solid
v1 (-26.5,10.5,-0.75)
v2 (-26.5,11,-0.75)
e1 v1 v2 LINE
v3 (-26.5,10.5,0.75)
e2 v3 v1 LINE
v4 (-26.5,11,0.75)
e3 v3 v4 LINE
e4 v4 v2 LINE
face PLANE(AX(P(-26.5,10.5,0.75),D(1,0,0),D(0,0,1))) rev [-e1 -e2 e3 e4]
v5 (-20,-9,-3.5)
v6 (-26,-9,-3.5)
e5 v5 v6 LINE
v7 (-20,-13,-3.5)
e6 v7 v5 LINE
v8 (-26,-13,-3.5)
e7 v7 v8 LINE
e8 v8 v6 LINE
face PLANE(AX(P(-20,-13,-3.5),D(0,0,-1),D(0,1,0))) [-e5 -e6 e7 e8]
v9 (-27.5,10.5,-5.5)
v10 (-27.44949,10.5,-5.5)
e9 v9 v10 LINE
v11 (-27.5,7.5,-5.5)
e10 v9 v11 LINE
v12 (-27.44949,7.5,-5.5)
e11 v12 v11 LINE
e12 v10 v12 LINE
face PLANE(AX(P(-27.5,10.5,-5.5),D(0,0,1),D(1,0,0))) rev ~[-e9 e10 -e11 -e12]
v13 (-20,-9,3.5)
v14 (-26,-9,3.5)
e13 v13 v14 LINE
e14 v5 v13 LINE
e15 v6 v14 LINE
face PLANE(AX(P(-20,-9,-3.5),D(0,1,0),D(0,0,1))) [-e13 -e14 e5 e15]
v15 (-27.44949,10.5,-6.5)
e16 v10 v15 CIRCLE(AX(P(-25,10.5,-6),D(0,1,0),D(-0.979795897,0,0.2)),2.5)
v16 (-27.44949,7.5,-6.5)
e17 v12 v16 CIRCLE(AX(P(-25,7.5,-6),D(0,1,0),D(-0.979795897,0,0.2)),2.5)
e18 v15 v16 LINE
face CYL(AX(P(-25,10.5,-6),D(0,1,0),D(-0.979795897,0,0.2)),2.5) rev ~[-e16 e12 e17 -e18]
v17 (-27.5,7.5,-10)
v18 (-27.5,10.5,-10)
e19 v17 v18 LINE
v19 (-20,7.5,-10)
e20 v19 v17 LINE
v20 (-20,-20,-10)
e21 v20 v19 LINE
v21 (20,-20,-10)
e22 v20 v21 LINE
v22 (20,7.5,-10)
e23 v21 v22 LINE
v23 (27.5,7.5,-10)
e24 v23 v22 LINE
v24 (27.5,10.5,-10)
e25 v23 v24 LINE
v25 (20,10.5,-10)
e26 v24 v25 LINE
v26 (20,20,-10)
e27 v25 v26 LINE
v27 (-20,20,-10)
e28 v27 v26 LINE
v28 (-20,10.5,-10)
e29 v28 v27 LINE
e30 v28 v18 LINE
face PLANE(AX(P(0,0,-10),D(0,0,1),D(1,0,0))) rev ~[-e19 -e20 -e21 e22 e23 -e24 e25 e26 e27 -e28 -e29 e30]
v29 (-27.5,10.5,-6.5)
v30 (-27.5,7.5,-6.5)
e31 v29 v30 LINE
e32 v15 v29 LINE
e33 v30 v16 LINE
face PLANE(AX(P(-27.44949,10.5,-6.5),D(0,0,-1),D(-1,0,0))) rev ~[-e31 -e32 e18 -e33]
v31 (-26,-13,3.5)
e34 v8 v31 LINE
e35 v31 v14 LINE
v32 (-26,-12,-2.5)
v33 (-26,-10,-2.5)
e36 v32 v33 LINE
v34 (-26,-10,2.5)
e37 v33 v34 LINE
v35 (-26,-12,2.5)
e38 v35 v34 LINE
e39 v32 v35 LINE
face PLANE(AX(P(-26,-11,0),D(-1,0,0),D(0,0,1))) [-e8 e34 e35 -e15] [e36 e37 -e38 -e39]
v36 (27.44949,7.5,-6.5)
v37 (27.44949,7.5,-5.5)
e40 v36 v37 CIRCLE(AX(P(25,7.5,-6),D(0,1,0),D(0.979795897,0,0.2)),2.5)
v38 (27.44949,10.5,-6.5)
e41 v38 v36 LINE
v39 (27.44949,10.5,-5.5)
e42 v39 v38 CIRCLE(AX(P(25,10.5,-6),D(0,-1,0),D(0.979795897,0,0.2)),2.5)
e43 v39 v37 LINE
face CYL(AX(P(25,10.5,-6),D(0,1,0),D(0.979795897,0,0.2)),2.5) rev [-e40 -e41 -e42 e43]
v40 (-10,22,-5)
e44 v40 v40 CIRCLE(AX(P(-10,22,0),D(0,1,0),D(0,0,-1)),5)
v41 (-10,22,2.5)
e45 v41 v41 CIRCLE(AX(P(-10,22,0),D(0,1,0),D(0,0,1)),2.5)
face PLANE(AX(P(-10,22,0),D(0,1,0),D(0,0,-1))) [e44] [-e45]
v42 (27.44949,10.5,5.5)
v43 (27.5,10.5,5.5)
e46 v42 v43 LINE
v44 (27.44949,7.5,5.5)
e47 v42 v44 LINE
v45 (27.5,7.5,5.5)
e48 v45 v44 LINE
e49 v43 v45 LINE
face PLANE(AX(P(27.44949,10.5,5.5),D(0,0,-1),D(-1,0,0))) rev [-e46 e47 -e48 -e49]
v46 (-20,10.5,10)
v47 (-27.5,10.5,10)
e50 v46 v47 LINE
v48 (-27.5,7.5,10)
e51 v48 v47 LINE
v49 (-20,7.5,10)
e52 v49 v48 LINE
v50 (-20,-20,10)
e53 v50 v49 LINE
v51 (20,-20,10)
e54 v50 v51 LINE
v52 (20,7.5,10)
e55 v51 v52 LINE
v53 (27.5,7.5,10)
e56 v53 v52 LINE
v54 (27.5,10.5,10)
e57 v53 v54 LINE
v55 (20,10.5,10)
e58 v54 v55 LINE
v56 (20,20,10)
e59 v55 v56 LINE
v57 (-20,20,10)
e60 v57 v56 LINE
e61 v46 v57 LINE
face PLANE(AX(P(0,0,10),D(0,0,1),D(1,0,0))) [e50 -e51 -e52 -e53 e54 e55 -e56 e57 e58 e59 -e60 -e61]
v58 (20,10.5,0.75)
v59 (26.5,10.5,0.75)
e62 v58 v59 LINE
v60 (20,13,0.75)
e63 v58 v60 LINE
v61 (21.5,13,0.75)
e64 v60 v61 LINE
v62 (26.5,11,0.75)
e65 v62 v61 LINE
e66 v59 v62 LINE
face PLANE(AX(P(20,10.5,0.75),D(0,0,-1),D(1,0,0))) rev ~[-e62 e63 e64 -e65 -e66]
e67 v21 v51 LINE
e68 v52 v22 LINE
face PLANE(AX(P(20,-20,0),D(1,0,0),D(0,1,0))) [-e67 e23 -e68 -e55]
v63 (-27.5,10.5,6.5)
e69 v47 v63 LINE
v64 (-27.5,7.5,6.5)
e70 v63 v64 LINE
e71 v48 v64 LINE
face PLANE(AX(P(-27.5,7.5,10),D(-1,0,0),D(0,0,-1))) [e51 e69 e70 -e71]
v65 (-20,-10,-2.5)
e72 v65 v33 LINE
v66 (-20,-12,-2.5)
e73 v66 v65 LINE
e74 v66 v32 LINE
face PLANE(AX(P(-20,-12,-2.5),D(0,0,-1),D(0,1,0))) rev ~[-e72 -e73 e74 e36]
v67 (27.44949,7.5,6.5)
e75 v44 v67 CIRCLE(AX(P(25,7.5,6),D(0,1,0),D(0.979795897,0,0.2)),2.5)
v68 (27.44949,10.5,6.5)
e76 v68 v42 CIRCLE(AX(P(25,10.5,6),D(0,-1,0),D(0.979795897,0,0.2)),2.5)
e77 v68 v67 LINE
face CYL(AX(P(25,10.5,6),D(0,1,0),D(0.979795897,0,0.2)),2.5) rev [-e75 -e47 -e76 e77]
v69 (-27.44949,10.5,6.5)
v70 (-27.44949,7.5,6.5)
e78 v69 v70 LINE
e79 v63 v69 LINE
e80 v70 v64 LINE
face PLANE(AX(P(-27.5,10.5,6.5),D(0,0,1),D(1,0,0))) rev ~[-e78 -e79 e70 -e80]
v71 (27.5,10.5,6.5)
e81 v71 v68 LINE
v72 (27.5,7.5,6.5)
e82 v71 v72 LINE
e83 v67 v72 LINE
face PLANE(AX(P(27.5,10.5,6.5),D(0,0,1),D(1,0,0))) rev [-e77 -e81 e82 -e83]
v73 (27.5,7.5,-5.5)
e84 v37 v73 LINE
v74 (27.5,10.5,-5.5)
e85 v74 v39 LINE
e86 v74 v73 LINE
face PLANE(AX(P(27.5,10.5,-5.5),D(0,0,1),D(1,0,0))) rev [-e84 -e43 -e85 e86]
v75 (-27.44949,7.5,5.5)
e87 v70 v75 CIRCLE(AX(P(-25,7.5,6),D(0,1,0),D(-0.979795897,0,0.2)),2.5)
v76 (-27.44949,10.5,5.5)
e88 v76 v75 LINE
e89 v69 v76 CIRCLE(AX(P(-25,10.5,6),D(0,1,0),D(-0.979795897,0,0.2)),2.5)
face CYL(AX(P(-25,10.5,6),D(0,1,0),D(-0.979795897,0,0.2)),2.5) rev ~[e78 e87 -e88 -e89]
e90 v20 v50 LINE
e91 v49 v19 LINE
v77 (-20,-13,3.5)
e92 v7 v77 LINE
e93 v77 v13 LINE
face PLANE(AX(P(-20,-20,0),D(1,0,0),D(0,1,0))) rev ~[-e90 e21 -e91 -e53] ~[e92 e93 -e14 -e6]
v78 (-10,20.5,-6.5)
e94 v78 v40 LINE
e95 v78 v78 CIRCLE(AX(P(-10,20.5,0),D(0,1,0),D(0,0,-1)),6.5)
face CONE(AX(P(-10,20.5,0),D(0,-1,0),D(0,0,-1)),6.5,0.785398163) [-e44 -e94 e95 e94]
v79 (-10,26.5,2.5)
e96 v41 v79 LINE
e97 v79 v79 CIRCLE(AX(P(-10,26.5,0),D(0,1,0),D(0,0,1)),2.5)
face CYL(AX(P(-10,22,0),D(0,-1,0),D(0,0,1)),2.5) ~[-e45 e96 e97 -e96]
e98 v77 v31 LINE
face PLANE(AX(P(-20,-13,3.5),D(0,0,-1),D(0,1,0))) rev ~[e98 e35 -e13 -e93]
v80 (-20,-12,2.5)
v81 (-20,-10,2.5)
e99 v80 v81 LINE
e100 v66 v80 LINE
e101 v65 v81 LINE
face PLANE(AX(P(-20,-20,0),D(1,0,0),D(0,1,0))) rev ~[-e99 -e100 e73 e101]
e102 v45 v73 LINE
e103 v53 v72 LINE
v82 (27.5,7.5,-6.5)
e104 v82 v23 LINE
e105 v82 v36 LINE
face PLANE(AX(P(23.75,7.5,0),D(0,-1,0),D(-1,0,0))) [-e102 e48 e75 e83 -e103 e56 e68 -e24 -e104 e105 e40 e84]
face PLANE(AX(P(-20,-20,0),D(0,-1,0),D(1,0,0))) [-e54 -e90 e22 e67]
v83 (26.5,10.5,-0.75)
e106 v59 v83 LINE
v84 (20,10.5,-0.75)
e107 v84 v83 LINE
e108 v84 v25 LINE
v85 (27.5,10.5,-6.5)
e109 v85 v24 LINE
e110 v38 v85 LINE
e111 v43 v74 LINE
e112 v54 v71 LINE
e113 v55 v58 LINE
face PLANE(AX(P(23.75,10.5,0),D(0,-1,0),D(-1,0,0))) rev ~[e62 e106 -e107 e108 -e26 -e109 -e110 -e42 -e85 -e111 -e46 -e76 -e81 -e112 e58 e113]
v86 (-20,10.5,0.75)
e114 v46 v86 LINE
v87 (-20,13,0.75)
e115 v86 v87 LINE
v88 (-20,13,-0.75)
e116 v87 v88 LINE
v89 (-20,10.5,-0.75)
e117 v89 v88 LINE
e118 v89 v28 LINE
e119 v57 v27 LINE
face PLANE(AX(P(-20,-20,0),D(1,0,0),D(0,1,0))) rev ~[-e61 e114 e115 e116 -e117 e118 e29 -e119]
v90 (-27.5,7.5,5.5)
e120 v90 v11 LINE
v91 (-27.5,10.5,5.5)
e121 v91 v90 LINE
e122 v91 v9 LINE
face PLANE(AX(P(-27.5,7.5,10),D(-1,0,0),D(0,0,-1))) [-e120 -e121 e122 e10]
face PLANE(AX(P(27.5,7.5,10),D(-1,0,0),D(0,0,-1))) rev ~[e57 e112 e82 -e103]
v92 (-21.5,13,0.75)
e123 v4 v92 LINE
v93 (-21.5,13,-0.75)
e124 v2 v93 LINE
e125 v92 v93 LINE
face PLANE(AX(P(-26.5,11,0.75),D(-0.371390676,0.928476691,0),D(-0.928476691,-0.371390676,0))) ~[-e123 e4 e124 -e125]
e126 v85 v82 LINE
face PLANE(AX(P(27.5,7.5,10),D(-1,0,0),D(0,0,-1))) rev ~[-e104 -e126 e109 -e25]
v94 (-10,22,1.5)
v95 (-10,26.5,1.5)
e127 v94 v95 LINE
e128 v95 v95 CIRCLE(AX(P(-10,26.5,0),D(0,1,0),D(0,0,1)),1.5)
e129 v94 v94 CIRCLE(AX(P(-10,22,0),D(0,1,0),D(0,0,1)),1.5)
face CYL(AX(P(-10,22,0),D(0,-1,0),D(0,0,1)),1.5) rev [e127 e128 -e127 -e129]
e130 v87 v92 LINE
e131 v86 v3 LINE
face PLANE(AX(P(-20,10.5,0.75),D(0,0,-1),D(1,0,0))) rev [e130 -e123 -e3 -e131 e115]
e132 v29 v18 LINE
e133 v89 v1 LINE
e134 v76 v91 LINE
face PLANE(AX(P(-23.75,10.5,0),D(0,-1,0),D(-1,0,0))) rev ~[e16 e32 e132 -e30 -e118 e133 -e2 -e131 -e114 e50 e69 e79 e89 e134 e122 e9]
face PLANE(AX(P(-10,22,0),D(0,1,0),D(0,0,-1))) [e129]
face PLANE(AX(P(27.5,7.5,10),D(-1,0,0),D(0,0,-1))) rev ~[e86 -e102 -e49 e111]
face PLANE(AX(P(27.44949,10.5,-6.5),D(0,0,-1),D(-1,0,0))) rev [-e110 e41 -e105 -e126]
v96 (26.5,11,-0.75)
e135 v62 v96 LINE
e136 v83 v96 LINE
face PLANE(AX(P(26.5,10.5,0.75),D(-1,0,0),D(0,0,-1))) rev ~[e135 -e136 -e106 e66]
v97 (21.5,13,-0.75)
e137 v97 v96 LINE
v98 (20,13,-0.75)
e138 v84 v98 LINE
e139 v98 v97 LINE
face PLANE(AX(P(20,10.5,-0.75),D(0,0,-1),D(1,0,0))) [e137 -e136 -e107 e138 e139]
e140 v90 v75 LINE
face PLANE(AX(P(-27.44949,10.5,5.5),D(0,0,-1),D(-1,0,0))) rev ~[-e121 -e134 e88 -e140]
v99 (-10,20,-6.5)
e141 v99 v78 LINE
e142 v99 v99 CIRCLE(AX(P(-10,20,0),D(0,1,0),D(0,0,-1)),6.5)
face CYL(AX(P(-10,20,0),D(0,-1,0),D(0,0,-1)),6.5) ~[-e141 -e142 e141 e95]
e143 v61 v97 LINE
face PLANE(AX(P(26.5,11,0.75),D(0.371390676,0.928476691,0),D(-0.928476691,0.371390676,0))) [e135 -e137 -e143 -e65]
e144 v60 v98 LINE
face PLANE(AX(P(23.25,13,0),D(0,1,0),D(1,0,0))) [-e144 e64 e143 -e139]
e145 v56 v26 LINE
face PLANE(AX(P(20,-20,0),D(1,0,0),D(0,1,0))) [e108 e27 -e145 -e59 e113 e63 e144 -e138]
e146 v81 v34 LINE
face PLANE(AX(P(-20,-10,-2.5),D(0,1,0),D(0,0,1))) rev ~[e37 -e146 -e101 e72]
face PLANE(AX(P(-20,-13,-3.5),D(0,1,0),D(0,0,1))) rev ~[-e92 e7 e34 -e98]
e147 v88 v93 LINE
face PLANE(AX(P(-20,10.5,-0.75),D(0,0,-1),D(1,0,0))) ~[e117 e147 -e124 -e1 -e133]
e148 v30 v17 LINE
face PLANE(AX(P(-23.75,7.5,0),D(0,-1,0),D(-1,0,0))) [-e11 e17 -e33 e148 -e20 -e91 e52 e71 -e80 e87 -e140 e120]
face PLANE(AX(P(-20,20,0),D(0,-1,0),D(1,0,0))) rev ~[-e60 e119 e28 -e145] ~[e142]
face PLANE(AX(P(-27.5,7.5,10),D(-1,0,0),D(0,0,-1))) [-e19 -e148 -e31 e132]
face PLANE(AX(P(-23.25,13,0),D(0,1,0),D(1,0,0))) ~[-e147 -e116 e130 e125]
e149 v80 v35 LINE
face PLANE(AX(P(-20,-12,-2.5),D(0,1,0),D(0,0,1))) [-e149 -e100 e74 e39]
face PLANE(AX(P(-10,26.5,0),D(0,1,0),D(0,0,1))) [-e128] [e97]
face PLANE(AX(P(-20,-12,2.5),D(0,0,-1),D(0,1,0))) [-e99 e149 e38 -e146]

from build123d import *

# Parameters (mm, degrees)
SKETCH1_W           = 40
SKETCH1_H           = 40
BOSS_EXTRUDE1_DEPTH = 10
SKETCH2_R           = 6.5
BOSS_EXTRUDE2_DEPTH = 2
SKETCH3_W           = 7.5
SKETCH3_H           = 20
BOSS_EXTRUDE3_DEPTH = 3
SKETCH4_W           = 6.5
SKETCH4_H           = 1.5
BOSS_EXTRUDE4_DEPTH = 2.5
CUT_EXTRUDE1_DEPTH  = 2.5
CUT_EXTRUDE6_DEPTH  = 12.5
CHAMFER1_SIZE       = 1.5
SKETCH8_W           = 7
SKETCH8_H           = 4
SKETCH8_W_2         = 5
SKETCH8_H_2         = 2
BOSS_EXTRUDE6_DEPTH = 6
SKETCH7_R           = 2.5
SKETCH7_R_2         = 1.5
BOSS_EXTRUDE7_DEPTH = 4.5


with BuildPart() as part:
    # Sketch1 → Boss-Extrude1 (new, symmetric)
    with BuildSketch(Plane.XY):
        Rectangle(SKETCH1_W, SKETCH1_H)
    extrude(amount=BOSS_EXTRUDE1_DEPTH, both=True)

    # Sketch2 → Boss-Extrude2 (add)
    with BuildSketch(Plane(origin=(0, 20, 0), x_dir=(1, 0, 0), z_dir=(0, 1, 0))):
        with Locations(Location((-10, 0, 0), (0, 0, 90))):
            Circle(SKETCH2_R)
    extrude(amount=BOSS_EXTRUDE2_DEPTH)

    # Sketch3 → Boss-Extrude3 (add)
    with BuildSketch(Plane(origin=(0, 7.5, 0), x_dir=(-1, 0, 0), z_dir=(0, -1, 0))):
        with Locations((23.75, 0)):
            Rectangle(SKETCH3_W, SKETCH3_H)
        with Locations((-23.75, 0)):
            Rectangle(SKETCH3_W, SKETCH3_H)
    extrude(amount=-BOSS_EXTRUDE3_DEPTH)

    # Sketch4 → Boss-Extrude4 (add)
    with BuildSketch(Plane(origin=(0, 10.5, 0), x_dir=(1, 0, 0), z_dir=(0, 1, 0))):
        with Locations((23.25, 0)):
            Rectangle(SKETCH4_W, SKETCH4_H)
    boss_extrude4 = extrude(amount=BOSS_EXTRUDE4_DEPTH)

    # Sketch5 → Cut-Extrude1 (cut)
    with BuildSketch(Plane.XY.offset(0.75)):
        Polygon((26.5, 11), (21.5, 13), (26.5, 13), align=None)
    cut_extrude1 = extrude(amount=-CUT_EXTRUDE1_DEPTH, mode=Mode.SUBTRACT)

    # Sketch6 → Cut-Extrude6 (cut)
    with BuildSketch(Plane(origin=(0, 10.5, 0), x_dir=(1, 0, 0), z_dir=(0, 1, 0))):
        with BuildLine():
            Line((-27.449489743, 6.5), (-27.5, 6.5))
            Line((-27.5, 6.5), (-27.5, 5.5))
            Line((-27.5, 5.5), (-27.449489743, 5.5))
            ThreePointArc((-27.449489743, 5.5), (-22.5, 6), (-27.449489743, 6.5))
        make_face()
        with BuildLine():
            Line((-27.449489743, -5.5), (-27.5, -5.5))
            Line((-27.5, -5.5), (-27.5, -6.5))
            Line((-27.5, -6.5), (-27.449489743, -6.5))
            ThreePointArc((-27.449489743, -6.5), (-22.5, -6), (-27.449489743, -5.5))
        make_face()
    cut_extrude6 = extrude(amount=-CUT_EXTRUDE6_DEPTH, mode=Mode.SUBTRACT)

    # Mirror1: Boss-Extrude4, Cut-Extrude1, Cut-Extrude6 across plane
    add(boss_extrude4.mirror(Plane(origin=(0, 0, 0), x_dir=(0, 0, 1), z_dir=(1, 0, 0))))
    add(cut_extrude1.mirror(Plane(origin=(0, 0, 0), x_dir=(0, 0, 1), z_dir=(1, 0, 0))), mode=Mode.SUBTRACT)
    add(cut_extrude6.mirror(Plane(origin=(0, 0, 0), x_dir=(0, 0, 1), z_dir=(1, 0, 0))), mode=Mode.SUBTRACT)

    # Chamfer1
    chamfer1_edges = [part.edges().sort_by_distance(p)[0] for p in [
        (-10, 22, 6.5),
    ]]
    chamfer(chamfer1_edges, length=CHAMFER1_SIZE)

    # Sketch8 → Boss-Extrude6 (add)
    with BuildSketch(Plane.ZY.offset(20)):
        with Locations((0, -11)):
            Rectangle(SKETCH8_W, SKETCH8_H)
        with Locations((0, -11)):
            Rectangle(SKETCH8_W_2, SKETCH8_H_2, mode=Mode.SUBTRACT)
    extrude(amount=BOSS_EXTRUDE6_DEPTH)

    # Sketch7 → Boss-Extrude7 (add)
    with BuildSketch(Plane(origin=(0, 22, 0), x_dir=(1, 0, 0), z_dir=(0, 1, 0))):
        with Locations(Location((-10, 0, 0), (0, 0, 270))):
            Circle(SKETCH7_R)
        with Locations(Location((-10, 0, 0), (0, 0, 270))):
            Circle(SKETCH7_R_2, mode=Mode.SUBTRACT)
    extrude(amount=BOSS_EXTRUDE7_DEPTH)


solid = part.part
